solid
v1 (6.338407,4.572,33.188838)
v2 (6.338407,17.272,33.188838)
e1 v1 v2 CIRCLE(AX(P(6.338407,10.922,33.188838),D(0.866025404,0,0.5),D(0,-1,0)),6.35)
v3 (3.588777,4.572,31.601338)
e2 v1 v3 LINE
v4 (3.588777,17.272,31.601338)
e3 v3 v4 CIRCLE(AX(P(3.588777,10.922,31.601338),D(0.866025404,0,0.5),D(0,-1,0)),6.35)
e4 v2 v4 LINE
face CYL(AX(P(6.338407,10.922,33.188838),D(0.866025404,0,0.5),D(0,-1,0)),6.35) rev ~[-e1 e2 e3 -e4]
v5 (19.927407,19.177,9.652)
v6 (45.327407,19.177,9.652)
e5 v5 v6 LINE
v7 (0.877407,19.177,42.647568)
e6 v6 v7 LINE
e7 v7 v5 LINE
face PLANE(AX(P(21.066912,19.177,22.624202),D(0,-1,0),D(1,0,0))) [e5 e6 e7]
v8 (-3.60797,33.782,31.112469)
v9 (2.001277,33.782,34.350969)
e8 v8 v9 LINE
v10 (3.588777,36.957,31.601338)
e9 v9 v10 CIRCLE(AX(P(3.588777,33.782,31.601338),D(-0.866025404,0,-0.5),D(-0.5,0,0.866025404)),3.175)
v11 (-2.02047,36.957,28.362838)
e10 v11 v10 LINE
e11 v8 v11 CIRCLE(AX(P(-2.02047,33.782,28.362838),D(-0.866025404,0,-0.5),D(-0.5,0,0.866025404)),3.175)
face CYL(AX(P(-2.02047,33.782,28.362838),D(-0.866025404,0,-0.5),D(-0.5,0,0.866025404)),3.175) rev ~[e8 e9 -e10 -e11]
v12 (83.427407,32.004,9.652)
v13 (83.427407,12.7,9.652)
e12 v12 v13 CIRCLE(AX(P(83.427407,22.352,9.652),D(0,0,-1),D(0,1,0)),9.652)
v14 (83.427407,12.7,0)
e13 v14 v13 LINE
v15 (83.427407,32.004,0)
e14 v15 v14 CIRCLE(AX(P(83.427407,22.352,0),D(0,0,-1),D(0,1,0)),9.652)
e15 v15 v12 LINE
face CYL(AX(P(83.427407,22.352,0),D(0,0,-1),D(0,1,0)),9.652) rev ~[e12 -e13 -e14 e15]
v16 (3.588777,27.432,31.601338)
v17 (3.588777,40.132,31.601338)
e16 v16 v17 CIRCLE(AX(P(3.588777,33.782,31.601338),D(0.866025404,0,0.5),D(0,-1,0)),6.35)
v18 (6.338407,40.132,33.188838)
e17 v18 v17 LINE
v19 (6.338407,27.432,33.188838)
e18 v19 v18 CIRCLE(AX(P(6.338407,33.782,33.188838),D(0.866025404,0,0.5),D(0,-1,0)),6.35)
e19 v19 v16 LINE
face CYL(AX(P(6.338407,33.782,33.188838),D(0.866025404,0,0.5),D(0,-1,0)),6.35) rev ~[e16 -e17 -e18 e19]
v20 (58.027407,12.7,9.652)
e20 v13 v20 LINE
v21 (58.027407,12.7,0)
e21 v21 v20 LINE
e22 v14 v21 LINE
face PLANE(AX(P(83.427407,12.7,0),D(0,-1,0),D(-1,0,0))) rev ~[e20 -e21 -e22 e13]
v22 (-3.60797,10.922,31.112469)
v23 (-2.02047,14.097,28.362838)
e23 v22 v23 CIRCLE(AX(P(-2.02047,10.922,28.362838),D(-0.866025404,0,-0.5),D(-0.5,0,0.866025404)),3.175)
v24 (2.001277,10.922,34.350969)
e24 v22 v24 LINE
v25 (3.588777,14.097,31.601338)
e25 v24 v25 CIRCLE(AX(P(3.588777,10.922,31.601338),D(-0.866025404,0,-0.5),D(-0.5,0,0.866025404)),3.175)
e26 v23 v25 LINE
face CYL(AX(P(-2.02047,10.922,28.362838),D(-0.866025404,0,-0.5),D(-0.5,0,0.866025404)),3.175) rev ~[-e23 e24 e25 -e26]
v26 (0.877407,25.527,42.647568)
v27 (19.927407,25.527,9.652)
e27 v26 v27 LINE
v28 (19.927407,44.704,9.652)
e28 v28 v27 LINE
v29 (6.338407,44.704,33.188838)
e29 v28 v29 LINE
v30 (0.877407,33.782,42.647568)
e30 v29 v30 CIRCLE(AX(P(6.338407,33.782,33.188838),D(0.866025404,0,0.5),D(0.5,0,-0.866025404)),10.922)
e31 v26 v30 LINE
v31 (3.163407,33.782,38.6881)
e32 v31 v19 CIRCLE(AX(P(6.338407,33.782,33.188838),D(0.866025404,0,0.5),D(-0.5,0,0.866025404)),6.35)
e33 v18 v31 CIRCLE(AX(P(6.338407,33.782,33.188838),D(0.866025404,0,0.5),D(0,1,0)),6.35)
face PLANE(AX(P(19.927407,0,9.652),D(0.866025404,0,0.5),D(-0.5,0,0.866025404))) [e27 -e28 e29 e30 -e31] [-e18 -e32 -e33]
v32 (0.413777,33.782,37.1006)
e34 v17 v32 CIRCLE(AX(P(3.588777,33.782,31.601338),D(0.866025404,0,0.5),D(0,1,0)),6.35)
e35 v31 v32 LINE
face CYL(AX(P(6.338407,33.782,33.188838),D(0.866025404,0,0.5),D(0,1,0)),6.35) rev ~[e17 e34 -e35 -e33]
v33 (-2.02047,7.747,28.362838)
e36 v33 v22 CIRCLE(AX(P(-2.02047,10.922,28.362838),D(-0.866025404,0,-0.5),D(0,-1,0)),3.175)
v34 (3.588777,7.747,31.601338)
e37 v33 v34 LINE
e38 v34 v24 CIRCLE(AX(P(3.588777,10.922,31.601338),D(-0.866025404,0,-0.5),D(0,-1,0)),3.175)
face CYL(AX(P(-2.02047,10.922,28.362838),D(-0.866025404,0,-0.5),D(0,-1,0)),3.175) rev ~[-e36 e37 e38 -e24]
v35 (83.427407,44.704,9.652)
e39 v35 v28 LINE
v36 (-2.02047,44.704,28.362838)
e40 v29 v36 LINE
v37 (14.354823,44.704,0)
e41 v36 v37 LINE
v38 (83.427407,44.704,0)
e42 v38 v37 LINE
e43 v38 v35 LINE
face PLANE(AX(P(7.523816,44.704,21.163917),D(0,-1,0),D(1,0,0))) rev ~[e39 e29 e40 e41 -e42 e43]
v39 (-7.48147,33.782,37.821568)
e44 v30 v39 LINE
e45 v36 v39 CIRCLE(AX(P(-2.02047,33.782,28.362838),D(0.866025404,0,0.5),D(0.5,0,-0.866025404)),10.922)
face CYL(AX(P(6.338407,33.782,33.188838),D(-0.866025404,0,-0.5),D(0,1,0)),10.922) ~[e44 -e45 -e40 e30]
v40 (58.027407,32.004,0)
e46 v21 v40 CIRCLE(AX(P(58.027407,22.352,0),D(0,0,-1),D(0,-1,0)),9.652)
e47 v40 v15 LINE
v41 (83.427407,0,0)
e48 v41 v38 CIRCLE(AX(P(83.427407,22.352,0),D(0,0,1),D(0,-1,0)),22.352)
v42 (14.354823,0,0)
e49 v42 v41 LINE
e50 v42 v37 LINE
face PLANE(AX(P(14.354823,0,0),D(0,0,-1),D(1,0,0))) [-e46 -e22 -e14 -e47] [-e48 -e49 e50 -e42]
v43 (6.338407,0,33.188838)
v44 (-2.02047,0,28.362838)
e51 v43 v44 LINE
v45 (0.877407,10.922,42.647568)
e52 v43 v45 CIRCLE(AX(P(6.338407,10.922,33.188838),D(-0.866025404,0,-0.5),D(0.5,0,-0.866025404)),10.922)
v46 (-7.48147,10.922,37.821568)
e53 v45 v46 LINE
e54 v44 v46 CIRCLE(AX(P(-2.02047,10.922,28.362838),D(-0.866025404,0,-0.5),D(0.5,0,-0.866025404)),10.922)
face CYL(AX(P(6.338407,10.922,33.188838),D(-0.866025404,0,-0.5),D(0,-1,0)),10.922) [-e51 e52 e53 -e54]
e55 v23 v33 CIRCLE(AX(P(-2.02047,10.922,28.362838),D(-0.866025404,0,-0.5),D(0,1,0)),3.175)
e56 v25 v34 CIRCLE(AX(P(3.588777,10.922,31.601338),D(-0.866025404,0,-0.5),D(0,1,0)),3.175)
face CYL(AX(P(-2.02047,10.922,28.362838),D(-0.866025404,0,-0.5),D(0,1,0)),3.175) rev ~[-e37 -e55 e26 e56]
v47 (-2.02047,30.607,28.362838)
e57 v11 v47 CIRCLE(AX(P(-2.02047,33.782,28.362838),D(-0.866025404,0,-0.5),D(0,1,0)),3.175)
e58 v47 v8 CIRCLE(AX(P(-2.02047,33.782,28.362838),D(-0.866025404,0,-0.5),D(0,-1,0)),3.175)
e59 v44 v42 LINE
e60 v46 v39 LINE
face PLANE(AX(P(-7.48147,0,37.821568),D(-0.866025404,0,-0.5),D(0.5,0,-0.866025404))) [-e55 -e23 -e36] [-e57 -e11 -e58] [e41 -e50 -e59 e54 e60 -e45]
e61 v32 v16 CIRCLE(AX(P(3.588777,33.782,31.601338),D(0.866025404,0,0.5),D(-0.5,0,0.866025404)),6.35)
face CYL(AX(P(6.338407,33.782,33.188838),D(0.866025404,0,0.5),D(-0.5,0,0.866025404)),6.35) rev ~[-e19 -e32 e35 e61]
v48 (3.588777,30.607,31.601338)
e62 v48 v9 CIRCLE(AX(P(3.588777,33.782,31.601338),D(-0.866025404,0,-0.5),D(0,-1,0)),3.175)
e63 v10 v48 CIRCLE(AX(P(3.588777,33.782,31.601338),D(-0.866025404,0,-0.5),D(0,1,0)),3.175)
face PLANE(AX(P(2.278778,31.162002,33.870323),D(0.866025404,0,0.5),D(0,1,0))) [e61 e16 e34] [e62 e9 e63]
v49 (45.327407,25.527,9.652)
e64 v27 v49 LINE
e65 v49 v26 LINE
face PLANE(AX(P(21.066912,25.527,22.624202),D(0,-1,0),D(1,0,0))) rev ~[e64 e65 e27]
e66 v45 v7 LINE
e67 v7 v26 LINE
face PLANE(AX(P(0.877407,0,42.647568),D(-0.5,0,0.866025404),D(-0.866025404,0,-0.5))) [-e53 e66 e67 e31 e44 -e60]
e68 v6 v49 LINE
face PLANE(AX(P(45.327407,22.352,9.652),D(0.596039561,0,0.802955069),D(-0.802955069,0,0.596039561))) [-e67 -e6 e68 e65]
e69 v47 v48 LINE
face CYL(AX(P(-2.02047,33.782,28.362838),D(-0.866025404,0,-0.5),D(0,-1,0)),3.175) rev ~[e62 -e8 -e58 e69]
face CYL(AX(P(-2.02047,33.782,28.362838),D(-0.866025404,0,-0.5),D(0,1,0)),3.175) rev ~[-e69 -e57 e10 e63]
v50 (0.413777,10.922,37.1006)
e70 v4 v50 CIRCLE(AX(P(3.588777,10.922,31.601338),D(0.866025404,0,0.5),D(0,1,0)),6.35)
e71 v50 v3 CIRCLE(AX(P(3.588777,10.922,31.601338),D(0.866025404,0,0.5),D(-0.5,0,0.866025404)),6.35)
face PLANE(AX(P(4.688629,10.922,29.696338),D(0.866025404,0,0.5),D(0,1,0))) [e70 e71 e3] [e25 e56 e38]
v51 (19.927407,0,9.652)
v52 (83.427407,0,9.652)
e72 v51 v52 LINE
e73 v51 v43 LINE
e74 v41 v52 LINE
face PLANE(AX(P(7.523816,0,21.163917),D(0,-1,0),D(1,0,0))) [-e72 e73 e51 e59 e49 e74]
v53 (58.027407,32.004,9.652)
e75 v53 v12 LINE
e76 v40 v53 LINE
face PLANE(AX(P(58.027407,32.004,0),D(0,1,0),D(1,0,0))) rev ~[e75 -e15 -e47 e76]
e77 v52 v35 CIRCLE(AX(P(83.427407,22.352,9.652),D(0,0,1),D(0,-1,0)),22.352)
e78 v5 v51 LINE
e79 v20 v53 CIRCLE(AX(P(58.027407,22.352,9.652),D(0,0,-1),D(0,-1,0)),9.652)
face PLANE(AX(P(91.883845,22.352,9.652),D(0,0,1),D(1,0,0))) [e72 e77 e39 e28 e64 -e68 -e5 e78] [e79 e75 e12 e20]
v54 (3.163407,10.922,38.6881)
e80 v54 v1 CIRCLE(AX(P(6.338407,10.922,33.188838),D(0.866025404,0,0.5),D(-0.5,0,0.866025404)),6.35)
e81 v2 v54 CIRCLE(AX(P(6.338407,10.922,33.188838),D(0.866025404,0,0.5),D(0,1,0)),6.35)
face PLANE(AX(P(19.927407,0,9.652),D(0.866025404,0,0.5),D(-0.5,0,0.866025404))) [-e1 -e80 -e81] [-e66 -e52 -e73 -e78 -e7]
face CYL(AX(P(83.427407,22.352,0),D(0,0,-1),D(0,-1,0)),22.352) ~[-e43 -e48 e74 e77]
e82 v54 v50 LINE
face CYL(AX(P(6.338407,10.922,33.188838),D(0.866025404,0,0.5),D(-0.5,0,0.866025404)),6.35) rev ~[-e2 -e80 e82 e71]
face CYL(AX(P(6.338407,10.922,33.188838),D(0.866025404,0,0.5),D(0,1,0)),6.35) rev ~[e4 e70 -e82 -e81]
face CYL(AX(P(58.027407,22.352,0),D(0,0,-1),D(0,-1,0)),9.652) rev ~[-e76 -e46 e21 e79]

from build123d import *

# Parameters (mm, degrees)
F1_DEPTH  = 9.652
F2_DEPTH  = 9.652
F4_DEPTH  = 44.704
F5_R      = 10.922
F7_DEPTH  = 3.175
F9_DEPTH  = 100.5007969078
F12_DEPTH = 3.175


with BuildPart() as f1:
    # F0 (on Top) → F1 (new body)
    with BuildSketch(Plane.XY):
        with BuildLine():
            Line((83.4274074162, 44.704), (19.9274074162, 44.704))
            Line((19.9274074162, 44.704), (19.9274074162, 0))
            Line((19.9274074162, 0), (83.4274074162, 0))
            Line((83.4274074162, 0), (83.4274074162, 12.7))
            Line((83.4274074162, 12.7), (58.0274074162, 12.7))
            ThreePointArc((58.0274074162, 12.7), (48.3754074162, 22.352), (58.0274074162, 32.004))
            Line((58.0274074162, 32.004), (83.4274074162, 32.004))
            Line((83.4274074162, 32.004), (83.4274074162, 44.704))
        make_face()
    extrude(amount=F1_DEPTH)

    # F0 (on Top) → F2 (join)
    with BuildSketch(Plane.XY):
        with BuildLine():
            ThreePointArc((83.4274074162, 0), (105.7794074162, 22.352), (83.4274074162, 44.704))
            Line((83.4274074162, 44.704), (83.4274074162, 32.004))
            ThreePointArc((83.4274074162, 32.004), (93.0794074162, 22.352), (83.4274074162, 12.7))
            Line((83.4274074162, 12.7), (83.4274074162, 0))
        make_face()
    extrude(amount=F2_DEPTH)

    # F3 (on face) → F4 (join)
    with BuildSketch(Plane.XZ):
        Polygon((19.9274074162, 0), (19.9274074162, 9.652), (0.8774074162, 42.6475678842), (-7.4814697811, 37.8215678842), (14.354822618, 0), align=None)
    extrude(amount=-F4_DEPTH)

    # F5
    f5_edges = [f1.edges().sort_by_distance(p)[0] for p in [
        (-3.302031, 0, 40.234568),
        (-3.302031, 44.704, 40.234568),
    ]]
    fillet(f5_edges, radius=F5_R)

    # F6 (on face) → F7 (cut)
    with BuildSketch(Plane(origin=(19.1249941608, 0, 11.041820527), x_dir=(0, 1, 0), z_dir=(0.8660254038, 0, 0.5))):
        with BuildLine():
            Line((17.272, 25.5731734892), (10.922, 25.5731734892))
            Line((10.922, 25.5731734892), (4.572, 25.5731734892))
            ThreePointArc((4.572, 25.5731734892), (10.922, 19.2231734892), (17.272, 25.5731734892))
        make_face()
        with BuildLine():
            Line((10.922, 31.9231734892), (10.922, 25.5731734892))
            Line((10.922, 25.5731734892), (17.272, 25.5731734892))
            ThreePointArc((17.272, 25.5731734892), (15.4121280605, 30.0633015498), (10.922, 31.9231734892))
        make_face()
        with BuildLine():
            Line((4.572, 25.5731734892), (10.922, 25.5731734892))
            Line((10.922, 25.5731734892), (10.922, 31.9231734892))
            ThreePointArc((10.922, 31.9231734892), (6.4318719395, 30.0633015498), (4.572, 25.5731734892))
        make_face()
        with BuildLine():
            ThreePointArc((33.782, 31.9231734892), (29.2918719395, 30.0633015498), (27.432, 25.5731734892))
            Line((27.432, 25.5731734892), (33.782, 25.5731734892))
            Line((33.782, 25.5731734892), (33.782, 31.9231734892))
        make_face()
        with BuildLine():
            Line((33.782, 31.9231734892), (33.782, 25.5731734892))
            Line((33.782, 25.5731734892), (40.132, 25.5731734892))
            ThreePointArc((40.132, 25.5731734892), (38.2721280605, 30.0633015498), (33.782, 31.9231734892))
        make_face()
        with BuildLine():
            Line((33.782, 25.5731734892), (27.432, 25.5731734892))
            ThreePointArc((27.432, 25.5731734892), (33.782, 19.2231734892), (40.132, 25.5731734892))
            Line((40.132, 25.5731734892), (33.782, 25.5731734892))
        make_face()
    extrude(amount=-F7_DEPTH, mode=Mode.SUBTRACT)

    # F8 (on face) → F9 (cut, through all)
    with BuildSketch(Plane(origin=(10.7661169635, 0, 6.215820527), x_dir=(0, -1, 0), z_dir=(-0.8660254038, 0, -0.5))):
        with BuildLine():
            Line((-30.607, 25.5731734892), (-33.782, 25.5731734892))
            Line((-33.782, 25.5731734892), (-36.957, 25.5731734892))
            ThreePointArc((-36.957, 25.5731734892), (-33.782, 22.3981734892), (-30.607, 25.5731734892))
        make_face()
        with BuildLine():
            Line((-33.782, 25.5731734892), (-33.782, 28.7481734892))
            ThreePointArc((-33.782, 28.7481734892), (-36.0270640303, 27.8182375195), (-36.957, 25.5731734892))
            Line((-36.957, 25.5731734892), (-33.782, 25.5731734892))
        make_face()
        with BuildLine():
            ThreePointArc((-30.607, 25.5731734892), (-31.5369359697, 27.8182375195), (-33.782, 28.7481734892))
            Line((-33.782, 28.7481734892), (-33.782, 25.5731734892))
            Line((-33.782, 25.5731734892), (-30.607, 25.5731734892))
        make_face()
        with BuildLine():
            Line((-10.922, 25.5731734892), (-10.922, 28.7481734892))
            ThreePointArc((-10.922, 28.7481734892), (-13.1670640303, 27.8182375195), (-14.097, 25.5731734892))
            Line((-14.097, 25.5731734892), (-10.922, 25.5731734892))
        make_face()
        with BuildLine():
            ThreePointArc((-7.747, 25.5731734892), (-8.6769359697, 27.8182375195), (-10.922, 28.7481734892))
            Line((-10.922, 28.7481734892), (-10.922, 25.5731734892))
            Line((-10.922, 25.5731734892), (-7.747, 25.5731734892))
        make_face()
        with BuildLine():
            Line((-10.922, 25.5731734892), (-14.097, 25.5731734892))
            ThreePointArc((-14.097, 25.5731734892), (-10.922, 22.3981734892), (-7.747, 25.5731734892))
            Line((-7.747, 25.5731734892), (-10.922, 25.5731734892))
        make_face()
    extrude(amount=-F9_DEPTH, mode=Mode.SUBTRACT)

    # F11 (on offset) → F12 (join, symmetric)
    with BuildSketch(Plane.XZ.offset(-22.352)):
        Polygon((0.8774074162, 42.6475678842), (19.9274074162, 9.652), (45.3274074162, 9.652), align=None)
    extrude(amount=F12_DEPTH, both=True)


solid = f1.part
